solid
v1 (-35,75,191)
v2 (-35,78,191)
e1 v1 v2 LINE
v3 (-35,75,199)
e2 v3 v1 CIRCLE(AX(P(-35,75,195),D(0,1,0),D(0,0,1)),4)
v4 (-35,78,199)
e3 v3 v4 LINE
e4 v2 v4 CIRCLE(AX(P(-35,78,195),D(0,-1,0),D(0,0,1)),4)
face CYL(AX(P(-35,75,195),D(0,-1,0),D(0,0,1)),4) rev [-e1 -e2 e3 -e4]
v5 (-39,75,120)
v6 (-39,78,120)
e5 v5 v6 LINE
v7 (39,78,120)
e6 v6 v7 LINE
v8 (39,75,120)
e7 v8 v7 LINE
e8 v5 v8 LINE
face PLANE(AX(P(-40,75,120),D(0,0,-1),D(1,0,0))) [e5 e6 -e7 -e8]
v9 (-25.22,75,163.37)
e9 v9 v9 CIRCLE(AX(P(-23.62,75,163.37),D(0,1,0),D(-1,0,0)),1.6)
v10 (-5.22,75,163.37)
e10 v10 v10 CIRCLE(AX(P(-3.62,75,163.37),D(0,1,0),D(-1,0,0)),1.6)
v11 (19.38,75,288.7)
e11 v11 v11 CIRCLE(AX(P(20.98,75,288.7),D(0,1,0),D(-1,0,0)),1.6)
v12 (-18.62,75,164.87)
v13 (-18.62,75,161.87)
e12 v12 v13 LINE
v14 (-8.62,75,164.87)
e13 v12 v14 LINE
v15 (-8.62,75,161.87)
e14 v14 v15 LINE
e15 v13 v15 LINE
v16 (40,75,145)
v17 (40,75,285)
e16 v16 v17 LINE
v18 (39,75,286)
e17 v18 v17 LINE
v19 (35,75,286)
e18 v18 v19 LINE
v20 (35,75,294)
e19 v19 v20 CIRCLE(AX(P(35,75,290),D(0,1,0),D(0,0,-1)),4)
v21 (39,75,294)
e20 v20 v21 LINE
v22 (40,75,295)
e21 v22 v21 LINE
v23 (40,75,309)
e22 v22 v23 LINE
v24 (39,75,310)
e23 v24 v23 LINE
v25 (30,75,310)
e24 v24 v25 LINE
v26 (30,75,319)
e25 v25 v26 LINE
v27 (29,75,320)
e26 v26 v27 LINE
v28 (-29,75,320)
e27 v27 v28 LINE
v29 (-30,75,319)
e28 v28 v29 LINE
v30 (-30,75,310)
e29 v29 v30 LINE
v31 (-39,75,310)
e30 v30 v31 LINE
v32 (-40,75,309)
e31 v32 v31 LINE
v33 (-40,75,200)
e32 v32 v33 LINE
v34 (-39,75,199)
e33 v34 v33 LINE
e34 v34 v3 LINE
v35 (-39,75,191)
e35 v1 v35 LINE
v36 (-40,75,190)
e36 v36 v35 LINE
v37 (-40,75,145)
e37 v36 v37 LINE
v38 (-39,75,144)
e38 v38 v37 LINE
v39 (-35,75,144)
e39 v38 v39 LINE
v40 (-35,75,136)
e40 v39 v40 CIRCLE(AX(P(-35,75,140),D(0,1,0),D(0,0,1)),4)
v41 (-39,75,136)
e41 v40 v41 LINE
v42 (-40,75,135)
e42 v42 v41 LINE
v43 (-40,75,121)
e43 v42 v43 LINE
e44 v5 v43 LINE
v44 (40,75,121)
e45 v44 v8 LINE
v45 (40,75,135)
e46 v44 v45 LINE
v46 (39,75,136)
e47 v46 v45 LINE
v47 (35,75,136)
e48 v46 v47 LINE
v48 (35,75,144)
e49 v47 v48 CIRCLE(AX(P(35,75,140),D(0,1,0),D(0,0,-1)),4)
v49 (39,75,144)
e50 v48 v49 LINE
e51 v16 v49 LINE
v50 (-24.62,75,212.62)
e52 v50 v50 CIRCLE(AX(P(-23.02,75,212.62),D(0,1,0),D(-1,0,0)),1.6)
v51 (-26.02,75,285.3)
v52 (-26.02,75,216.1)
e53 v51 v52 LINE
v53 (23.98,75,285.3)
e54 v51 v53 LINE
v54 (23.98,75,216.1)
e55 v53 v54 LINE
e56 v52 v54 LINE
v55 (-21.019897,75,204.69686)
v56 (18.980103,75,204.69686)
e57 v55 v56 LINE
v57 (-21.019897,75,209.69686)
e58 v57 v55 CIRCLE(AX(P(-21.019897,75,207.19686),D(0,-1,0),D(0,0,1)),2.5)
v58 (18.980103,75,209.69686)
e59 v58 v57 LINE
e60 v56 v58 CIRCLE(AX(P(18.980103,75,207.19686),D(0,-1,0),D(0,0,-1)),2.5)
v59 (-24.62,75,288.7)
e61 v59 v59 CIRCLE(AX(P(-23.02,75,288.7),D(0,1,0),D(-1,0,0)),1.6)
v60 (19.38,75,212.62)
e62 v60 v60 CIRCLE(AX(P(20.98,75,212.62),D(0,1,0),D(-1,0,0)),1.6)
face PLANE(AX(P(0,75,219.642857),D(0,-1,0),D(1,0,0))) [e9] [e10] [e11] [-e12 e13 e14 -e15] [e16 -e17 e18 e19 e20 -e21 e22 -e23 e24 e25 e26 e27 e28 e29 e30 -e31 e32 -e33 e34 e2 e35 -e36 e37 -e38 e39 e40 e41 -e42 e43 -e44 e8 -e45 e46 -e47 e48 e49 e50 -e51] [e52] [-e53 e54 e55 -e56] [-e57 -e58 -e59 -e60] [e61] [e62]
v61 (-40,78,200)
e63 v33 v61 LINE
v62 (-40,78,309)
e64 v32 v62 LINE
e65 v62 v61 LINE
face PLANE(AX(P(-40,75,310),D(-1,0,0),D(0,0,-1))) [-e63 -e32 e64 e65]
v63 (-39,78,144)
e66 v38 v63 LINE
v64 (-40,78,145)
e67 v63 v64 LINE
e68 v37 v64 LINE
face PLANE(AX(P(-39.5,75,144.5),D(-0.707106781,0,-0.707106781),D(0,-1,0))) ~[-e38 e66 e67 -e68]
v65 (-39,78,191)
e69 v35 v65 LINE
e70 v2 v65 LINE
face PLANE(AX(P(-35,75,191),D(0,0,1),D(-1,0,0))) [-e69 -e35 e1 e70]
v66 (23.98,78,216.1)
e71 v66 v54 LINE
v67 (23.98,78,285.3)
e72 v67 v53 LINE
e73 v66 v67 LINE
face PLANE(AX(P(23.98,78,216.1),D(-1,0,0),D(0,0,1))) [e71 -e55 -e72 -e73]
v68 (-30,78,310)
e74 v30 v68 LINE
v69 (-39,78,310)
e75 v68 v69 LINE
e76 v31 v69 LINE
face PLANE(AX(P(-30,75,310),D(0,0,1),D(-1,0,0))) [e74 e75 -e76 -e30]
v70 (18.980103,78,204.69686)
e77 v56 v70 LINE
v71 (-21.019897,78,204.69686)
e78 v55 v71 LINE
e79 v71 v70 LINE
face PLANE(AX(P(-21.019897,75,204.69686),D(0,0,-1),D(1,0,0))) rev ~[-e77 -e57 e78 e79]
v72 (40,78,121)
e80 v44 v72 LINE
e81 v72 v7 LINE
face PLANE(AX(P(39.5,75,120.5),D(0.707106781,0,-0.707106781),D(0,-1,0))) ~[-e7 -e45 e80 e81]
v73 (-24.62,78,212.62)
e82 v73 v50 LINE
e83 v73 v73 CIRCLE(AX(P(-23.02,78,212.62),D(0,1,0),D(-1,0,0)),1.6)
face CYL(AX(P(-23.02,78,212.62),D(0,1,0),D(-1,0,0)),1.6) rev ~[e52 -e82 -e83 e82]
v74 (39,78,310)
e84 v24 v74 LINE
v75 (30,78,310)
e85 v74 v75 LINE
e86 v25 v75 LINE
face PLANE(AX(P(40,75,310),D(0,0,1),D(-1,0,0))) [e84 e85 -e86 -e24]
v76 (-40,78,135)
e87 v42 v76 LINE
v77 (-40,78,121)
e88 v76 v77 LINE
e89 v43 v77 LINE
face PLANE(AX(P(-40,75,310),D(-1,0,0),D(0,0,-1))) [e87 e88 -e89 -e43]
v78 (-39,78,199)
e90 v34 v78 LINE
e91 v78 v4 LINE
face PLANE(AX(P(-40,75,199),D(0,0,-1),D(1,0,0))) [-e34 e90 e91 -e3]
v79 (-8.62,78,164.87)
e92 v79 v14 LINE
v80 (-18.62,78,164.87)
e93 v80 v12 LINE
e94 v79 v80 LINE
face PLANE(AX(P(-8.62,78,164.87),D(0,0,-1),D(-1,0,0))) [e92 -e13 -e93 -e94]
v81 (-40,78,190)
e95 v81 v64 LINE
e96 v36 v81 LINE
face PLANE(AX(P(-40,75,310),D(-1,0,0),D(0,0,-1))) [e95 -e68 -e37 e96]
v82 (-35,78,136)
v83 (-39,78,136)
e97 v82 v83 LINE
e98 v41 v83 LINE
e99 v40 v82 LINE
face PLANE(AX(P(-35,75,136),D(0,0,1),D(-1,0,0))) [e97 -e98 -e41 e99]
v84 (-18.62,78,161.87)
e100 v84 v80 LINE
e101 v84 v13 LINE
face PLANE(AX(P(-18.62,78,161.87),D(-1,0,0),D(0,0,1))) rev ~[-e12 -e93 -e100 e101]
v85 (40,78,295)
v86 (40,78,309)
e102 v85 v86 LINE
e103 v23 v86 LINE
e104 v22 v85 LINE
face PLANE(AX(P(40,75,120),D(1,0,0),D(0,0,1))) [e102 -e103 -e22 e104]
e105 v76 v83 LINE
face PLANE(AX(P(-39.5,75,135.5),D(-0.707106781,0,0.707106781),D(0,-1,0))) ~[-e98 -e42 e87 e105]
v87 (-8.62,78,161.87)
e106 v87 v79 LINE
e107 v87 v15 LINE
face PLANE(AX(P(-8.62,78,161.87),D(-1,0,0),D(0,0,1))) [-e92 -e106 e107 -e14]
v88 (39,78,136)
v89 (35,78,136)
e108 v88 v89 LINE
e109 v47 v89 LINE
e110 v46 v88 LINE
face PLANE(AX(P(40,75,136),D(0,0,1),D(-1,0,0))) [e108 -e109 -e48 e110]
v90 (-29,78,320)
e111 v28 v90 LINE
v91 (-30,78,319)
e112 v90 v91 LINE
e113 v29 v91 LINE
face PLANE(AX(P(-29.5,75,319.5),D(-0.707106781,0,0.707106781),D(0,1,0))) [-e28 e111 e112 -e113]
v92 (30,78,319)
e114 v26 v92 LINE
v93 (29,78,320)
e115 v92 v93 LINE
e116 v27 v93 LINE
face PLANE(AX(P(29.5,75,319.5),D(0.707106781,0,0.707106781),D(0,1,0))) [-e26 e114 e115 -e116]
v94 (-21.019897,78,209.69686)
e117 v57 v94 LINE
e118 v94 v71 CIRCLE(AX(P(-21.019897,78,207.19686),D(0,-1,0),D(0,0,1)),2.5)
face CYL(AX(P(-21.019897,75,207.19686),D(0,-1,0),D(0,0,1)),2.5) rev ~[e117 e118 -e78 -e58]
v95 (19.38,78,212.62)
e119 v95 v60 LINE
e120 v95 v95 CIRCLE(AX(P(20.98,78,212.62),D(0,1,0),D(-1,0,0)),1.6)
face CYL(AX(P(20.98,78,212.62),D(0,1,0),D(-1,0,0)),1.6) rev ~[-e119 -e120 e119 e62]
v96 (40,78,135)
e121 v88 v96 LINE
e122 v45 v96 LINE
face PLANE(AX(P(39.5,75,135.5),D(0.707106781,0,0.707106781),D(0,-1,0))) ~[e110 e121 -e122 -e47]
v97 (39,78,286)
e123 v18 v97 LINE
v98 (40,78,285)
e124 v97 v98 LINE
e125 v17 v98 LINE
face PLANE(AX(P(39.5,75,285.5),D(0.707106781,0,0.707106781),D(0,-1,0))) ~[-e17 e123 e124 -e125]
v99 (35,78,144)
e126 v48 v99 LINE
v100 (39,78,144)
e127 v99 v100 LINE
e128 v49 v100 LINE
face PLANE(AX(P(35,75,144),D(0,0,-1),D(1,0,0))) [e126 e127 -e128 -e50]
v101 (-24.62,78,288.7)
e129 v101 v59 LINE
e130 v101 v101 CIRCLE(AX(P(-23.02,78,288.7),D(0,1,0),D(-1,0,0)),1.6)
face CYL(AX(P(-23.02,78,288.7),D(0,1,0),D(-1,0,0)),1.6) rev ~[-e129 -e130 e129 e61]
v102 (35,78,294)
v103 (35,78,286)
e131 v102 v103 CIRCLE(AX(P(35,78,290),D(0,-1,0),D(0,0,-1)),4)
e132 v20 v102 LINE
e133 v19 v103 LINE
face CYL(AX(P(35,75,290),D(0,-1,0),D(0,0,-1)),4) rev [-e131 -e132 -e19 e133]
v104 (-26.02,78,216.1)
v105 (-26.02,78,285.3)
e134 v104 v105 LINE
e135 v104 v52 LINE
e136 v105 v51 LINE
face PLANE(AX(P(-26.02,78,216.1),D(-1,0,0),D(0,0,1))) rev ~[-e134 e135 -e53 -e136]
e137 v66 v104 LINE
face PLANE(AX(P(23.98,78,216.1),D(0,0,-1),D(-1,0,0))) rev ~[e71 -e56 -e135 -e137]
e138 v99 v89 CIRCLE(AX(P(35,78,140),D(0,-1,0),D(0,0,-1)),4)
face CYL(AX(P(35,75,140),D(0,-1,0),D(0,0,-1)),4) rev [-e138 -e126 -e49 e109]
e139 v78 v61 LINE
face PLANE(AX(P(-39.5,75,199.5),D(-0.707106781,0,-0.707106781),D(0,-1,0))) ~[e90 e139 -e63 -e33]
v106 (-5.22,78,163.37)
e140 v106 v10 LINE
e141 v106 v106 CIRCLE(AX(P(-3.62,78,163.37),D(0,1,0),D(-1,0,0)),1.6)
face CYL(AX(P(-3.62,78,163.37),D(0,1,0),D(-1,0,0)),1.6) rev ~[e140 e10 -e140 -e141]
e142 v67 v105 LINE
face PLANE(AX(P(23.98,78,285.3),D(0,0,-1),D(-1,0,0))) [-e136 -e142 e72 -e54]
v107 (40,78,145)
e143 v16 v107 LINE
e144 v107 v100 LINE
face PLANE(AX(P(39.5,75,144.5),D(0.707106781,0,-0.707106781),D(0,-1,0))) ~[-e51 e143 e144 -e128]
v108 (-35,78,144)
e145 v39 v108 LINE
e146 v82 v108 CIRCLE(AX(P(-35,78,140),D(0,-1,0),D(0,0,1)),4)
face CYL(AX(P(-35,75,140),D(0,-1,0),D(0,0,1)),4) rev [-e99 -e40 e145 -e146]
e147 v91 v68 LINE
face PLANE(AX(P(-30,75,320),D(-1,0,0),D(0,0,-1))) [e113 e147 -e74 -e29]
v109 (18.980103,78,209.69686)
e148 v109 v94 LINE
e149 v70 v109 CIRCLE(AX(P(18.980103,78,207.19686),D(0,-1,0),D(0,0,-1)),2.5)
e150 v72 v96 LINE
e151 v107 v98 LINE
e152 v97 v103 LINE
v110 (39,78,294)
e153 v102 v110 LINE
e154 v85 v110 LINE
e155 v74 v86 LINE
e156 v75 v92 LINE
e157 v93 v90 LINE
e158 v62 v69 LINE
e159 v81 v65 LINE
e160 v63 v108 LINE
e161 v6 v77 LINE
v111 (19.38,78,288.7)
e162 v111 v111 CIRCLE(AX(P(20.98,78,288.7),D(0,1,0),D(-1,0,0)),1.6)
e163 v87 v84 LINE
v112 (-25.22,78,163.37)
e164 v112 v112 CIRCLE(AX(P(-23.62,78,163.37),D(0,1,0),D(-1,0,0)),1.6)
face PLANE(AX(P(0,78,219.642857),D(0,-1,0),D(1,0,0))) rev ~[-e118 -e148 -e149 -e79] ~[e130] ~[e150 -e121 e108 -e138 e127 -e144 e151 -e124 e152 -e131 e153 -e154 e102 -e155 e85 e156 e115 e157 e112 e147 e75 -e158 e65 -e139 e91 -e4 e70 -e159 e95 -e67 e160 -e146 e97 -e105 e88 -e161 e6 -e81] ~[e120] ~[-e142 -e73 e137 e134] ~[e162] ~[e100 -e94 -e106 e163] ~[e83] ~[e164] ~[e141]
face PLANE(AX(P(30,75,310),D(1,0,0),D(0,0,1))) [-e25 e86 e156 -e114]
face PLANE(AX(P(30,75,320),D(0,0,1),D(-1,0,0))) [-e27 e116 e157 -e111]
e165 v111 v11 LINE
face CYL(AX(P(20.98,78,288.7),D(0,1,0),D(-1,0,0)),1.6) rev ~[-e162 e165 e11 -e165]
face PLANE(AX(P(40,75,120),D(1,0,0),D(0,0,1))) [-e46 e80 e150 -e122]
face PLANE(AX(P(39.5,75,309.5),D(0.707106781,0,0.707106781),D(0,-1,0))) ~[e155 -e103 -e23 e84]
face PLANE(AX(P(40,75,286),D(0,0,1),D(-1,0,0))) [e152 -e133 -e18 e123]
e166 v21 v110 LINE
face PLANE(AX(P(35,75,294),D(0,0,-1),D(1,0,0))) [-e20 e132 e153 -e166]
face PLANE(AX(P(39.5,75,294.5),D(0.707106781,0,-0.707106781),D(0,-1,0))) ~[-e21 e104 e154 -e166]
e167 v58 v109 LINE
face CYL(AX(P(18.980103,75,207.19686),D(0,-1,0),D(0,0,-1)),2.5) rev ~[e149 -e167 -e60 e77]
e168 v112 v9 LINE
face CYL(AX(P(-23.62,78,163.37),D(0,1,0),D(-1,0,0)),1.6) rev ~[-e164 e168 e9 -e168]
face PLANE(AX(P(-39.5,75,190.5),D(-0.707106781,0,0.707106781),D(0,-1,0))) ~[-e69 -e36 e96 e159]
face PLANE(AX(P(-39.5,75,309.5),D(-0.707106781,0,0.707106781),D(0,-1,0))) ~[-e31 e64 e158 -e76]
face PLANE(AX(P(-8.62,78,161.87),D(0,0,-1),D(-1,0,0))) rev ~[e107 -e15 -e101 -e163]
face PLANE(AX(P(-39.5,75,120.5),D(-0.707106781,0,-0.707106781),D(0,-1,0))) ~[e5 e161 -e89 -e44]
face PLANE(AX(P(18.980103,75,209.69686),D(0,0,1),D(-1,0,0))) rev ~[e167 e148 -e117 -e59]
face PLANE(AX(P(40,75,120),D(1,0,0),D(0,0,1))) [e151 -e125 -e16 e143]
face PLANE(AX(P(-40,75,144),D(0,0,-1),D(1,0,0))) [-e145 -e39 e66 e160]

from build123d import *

# Parameters (mm, degrees)
PAD098_DEPTH    = 3
POCKET028_DEPTH = 3.001
CHAMFER064_SIZE = 1
SKETCH185_R     = 1.6
SKETCH185_W     = 50
SKETCH185_H     = 69.2
POCKET029_DEPTH = 3.001
SKETCH186_R     = 1.6
SKETCH186_W     = 10
SKETCH186_H     = 3
POCKET030_DEPTH = 3.001
POCKET031_DEPTH = 3.001


with BuildPart() as part:
    # Sketch183 → Pad098 (new body)
    with BuildSketch(Plane(origin=(0, 0, 0), x_dir=(-1, 0, 0), z_dir=(0, 1, 0))):
        Polygon((-40, 310), (-30, 310), (-30, 320), (30, 320), (30, 310), (40, 310), (40, 120), (-40, 120), align=None)
    extrude(amount=PAD098_DEPTH)

    # Sketch184 → Pocket028 (cut, through all)
    with BuildSketch(Plane(origin=(0, 0, 0), x_dir=(-1, 0, 0), z_dir=(0, 1, 0))):
        with BuildLine():
            ThreePointArc((-40, 294), (-44, 290), (-40, 286))
            Line((-40, 286), (-35, 286))
            ThreePointArc((-35, 286), (-31, 290), (-35, 294))
            Line((-35, 294), (-40, 294))
        make_face()
        with BuildLine():
            ThreePointArc((-40, 144), (-44, 140), (-40, 136))
            Line((-40, 136), (-35, 136))
            ThreePointArc((-35, 136), (-31, 140), (-35, 144))
            Line((-35, 144), (-40, 144))
        make_face()
        with BuildLine():
            ThreePointArc((40, 136), (44, 140), (40, 144))
            Line((40, 144), (35, 144))
            ThreePointArc((35, 144), (31, 140), (35, 136))
            Line((35, 136), (40, 136))
        make_face()
        with BuildLine():
            ThreePointArc((40, 191), (44, 195), (40, 199))
            Line((40, 199), (35, 199))
            ThreePointArc((35, 199), (31, 195), (35, 191))
            Line((35, 191), (40, 191))
        make_face()
    extrude(amount=POCKET028_DEPTH, mode=Mode.SUBTRACT)

    # Chamfer064
    chamfer064_edges = [part.edges().sort_by_distance(p)[0] for p in [
        (40, 1.5, 310),
        (30, 1.5, 320),
        (40, 1.5, 294),
        (40, 1.5, 286),
        (-40, 1.5, 310),
        (-30, 1.5, 320),
        (40, 1.5, 144),
        (40, 1.5, 136),
        (40, 1.5, 120),
        (-40, 1.5, 120),
        (-40, 1.5, 136),
        (-40, 1.5, 144),
        (-40, 1.5, 191),
        (-40, 1.5, 199),
    ]]
    chamfer(chamfer064_edges, length=CHAMFER064_SIZE)

    # Sketch185 (on Face5 of Chamfer064) → Pocket029 (cut, through all)
    with BuildSketch(Plane(origin=(0, 3, 0), x_dir=(-1, 0, 0), z_dir=(0, 1, 0))):
        with Locations((23.02, 212.62)):
            Circle(SKETCH185_R)
        with Locations((-20.98, 212.62)):
            Circle(SKETCH185_R)
        with Locations((-20.98, 288.7)):
            Circle(SKETCH185_R)
        with Locations((23.02, 288.7)):
            Circle(SKETCH185_R)
        with Locations((1.02, 250.7)):
            Rectangle(SKETCH185_W, SKETCH185_H)
    extrude(amount=-POCKET029_DEPTH, mode=Mode.SUBTRACT)

    # Sketch186 (on Face5 of Pocket029) → Pocket030 (cut, through all)
    with BuildSketch(Plane(origin=(0, 3, 0), x_dir=(-1, 0, 0), z_dir=(0, 1, 0))):
        with Locations((23.62, 163.37)):
            Circle(SKETCH186_R)
        with Locations((3.62, 163.37)):
            Circle(SKETCH186_R)
        with Locations((13.62, 163.37)):
            Rectangle(SKETCH186_W, SKETCH186_H)
    extrude(amount=-POCKET030_DEPTH, mode=Mode.SUBTRACT)

    # Sketch187 → Pocket031 (cut, through all)
    with BuildSketch(Plane.XZ):
        with BuildLine():
            ThreePointArc((-21.019897, 209.69686), (-23.519897, 207.19686), (-21.019897, 204.69686))
            Line((-21.019897, 204.69686), (18.980103, 204.69686))
            ThreePointArc((18.980103, 204.69686), (21.480103, 207.19686), (18.980103, 209.69686))
            Line((18.980103, 209.69686), (-21.019897, 209.69686))
        make_face()
    extrude(amount=-POCKET031_DEPTH, mode=Mode.SUBTRACT)


with BuildPart() as part_1:
    # Body086 placement: moved
    add(part.part.moved(Location((0, 75, 0))))


solid = part_1.part
